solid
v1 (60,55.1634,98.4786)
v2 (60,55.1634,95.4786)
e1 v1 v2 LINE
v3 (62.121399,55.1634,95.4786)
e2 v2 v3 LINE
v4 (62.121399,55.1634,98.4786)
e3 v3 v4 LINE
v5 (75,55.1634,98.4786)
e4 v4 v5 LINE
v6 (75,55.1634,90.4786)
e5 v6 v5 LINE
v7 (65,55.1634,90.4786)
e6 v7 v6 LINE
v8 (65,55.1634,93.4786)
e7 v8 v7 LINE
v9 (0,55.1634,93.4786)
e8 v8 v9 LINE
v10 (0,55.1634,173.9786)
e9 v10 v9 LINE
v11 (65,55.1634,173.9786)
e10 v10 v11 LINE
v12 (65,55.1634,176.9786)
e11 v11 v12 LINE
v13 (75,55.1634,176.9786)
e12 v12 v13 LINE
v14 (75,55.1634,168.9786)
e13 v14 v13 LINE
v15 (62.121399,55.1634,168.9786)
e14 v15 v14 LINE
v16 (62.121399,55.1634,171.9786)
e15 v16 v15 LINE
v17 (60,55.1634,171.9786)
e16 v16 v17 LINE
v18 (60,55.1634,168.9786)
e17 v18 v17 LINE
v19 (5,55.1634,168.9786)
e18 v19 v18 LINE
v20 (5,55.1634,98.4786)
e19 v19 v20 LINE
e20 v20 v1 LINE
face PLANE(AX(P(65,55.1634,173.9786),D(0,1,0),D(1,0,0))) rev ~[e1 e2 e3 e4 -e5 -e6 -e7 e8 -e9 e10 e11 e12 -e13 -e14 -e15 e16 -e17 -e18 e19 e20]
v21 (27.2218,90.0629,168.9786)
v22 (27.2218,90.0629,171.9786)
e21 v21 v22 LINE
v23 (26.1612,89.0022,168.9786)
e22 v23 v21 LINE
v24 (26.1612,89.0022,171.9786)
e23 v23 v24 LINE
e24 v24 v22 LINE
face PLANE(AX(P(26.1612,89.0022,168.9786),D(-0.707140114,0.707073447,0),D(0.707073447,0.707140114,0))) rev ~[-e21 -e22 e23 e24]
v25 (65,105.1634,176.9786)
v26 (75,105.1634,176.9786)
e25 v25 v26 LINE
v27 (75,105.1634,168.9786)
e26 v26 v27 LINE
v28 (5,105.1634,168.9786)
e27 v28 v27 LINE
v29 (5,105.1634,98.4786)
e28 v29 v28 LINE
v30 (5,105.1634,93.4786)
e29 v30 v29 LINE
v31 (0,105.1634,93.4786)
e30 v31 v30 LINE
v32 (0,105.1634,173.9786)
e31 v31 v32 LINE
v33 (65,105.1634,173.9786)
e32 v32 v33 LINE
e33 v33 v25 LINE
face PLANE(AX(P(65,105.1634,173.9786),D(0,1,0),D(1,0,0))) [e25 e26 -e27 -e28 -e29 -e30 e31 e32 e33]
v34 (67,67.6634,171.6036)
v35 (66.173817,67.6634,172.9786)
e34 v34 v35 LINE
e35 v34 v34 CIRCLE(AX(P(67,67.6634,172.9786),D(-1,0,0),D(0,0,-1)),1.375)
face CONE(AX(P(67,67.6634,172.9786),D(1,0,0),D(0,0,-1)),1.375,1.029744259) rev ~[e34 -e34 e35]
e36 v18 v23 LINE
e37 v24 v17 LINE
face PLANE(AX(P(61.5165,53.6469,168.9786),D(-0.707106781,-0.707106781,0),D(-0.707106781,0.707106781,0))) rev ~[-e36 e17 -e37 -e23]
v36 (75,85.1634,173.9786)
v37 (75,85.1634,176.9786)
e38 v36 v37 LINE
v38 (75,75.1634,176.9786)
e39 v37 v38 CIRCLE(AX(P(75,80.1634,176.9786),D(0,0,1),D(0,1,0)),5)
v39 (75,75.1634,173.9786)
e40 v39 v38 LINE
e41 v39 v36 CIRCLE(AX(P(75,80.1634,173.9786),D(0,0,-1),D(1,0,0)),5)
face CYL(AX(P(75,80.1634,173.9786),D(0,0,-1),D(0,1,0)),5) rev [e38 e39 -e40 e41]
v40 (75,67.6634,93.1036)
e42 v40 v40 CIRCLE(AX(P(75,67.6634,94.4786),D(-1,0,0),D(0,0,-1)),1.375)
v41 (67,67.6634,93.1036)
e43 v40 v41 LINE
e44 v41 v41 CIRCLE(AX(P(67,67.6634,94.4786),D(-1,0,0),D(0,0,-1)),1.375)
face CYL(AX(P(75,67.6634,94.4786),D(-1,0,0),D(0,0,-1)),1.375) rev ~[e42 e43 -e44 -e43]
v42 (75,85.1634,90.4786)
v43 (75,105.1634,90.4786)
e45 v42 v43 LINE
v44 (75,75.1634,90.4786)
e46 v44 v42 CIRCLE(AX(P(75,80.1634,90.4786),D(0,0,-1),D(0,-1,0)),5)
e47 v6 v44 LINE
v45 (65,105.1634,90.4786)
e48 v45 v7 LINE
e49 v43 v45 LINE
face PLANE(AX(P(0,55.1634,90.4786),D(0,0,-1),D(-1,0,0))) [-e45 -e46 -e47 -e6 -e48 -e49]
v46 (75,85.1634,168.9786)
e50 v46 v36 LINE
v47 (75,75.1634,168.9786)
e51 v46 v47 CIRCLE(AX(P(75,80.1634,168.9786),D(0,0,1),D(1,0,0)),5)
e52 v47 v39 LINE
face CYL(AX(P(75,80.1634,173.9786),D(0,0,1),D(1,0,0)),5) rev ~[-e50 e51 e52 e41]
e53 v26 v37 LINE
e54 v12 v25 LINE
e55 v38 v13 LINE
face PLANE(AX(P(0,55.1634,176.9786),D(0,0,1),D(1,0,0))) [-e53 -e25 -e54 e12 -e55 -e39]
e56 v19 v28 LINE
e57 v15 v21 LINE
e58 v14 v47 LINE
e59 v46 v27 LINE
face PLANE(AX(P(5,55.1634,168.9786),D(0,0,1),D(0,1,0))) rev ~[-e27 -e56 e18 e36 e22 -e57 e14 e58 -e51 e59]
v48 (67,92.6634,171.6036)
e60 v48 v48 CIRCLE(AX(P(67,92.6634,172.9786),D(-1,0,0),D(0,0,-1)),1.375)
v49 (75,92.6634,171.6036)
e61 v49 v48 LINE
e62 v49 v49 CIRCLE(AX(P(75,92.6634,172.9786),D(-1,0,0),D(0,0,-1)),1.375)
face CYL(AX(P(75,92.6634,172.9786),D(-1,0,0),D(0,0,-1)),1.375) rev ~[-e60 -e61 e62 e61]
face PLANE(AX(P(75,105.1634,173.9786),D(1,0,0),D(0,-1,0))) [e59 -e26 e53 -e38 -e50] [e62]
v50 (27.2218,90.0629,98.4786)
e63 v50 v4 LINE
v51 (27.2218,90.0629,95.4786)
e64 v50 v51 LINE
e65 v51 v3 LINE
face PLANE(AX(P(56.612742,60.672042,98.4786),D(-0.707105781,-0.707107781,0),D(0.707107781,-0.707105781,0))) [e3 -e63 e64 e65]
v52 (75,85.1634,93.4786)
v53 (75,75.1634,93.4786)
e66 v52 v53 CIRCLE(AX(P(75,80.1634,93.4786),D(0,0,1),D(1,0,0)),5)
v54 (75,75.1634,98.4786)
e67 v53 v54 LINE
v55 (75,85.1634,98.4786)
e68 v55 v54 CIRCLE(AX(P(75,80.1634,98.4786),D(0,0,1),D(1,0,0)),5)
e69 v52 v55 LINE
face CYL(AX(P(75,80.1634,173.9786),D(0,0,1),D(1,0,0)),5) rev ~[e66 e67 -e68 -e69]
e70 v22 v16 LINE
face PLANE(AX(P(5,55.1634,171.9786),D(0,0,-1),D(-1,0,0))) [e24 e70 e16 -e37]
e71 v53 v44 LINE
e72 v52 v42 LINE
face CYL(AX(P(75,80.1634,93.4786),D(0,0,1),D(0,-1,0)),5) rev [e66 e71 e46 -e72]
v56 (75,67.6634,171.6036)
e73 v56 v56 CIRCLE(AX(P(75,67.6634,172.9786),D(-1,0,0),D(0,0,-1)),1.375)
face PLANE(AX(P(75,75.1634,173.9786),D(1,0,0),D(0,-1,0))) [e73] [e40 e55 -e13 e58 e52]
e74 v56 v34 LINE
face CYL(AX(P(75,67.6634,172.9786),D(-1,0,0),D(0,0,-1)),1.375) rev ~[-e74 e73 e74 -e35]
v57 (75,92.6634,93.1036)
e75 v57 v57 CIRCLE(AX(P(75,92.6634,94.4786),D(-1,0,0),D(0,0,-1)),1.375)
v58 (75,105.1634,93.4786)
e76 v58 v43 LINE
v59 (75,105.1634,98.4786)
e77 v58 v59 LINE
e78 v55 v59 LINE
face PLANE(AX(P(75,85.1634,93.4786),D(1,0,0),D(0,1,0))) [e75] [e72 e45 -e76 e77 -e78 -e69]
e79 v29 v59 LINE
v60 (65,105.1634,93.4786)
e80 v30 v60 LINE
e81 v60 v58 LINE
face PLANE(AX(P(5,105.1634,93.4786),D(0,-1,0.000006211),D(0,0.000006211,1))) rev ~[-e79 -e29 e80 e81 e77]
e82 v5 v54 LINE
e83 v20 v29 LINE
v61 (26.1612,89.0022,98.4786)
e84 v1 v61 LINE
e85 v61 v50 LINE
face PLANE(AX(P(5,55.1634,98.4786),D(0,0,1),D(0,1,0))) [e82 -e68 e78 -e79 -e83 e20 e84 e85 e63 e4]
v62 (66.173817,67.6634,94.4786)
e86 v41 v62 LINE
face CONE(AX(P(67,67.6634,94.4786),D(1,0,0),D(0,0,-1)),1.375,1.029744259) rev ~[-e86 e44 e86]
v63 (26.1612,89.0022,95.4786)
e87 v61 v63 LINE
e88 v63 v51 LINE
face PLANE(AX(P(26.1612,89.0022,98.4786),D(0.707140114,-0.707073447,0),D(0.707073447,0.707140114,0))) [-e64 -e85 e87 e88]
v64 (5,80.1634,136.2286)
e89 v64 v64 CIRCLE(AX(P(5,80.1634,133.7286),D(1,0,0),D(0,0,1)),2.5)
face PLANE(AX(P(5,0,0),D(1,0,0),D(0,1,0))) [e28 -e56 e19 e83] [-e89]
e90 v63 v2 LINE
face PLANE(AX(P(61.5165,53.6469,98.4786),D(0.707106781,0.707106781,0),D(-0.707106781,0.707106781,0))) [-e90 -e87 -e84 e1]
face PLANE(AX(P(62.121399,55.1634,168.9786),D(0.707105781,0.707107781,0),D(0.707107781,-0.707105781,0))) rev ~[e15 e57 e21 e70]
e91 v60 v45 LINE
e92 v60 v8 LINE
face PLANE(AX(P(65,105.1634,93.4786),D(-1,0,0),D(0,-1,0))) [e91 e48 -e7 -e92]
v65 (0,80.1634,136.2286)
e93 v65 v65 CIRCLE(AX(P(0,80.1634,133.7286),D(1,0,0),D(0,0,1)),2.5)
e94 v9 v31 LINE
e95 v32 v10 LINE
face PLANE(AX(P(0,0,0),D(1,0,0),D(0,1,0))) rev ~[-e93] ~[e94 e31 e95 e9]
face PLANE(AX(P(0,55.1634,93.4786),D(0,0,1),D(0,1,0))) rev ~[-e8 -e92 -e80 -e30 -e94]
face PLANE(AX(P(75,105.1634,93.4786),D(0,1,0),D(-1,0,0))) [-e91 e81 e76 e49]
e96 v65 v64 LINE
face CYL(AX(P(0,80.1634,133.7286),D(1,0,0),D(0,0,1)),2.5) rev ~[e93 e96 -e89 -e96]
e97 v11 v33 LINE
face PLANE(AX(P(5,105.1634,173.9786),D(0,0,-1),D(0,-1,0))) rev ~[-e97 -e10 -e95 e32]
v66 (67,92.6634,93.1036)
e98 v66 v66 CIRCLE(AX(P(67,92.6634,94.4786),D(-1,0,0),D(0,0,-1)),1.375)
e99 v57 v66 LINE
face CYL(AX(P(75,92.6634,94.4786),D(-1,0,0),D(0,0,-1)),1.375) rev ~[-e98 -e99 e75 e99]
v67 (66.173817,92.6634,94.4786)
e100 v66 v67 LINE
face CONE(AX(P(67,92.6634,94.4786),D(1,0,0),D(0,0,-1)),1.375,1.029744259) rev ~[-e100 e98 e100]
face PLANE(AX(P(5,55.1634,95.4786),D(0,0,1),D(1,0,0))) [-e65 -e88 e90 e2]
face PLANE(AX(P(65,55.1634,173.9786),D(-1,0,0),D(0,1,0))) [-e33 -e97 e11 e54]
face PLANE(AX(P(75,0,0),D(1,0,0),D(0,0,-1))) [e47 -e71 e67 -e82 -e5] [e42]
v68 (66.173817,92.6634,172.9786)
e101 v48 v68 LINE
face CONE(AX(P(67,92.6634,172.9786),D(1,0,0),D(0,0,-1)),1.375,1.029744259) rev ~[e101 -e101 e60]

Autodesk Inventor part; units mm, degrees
ref_plane "YZ Plane" through (0, 0, 0) normal (1, 0, 0) x (0, 1, 0)
ref_plane "XZ Plane" through (0, 0, 0) normal (0, 1, 0) x (-1, 0, 0)
ref_plane "XY Plane" through (0, 0, 0) normal (0, 0, 1) x (1, 0, 0)
sketch "Skizze1" plane through (0, 0, 0) normal (1, 0, 0) x (0, 1, 0)
  line L0 (105.1634, 173.9786) -> (55.1634, 173.9786)
  line L1 (55.1634, 173.9786) -> (55.1634, 93.4786)
  line L2 (55.1634, 93.4786) -> (105.1634, 93.4786)
  line L3 (105.1634, 93.4786) -> (105.1634, 173.9786)
  point P0 (0, 0)
  dimension "d0" = 80.5
  dimension "d1" = 50
extrude "Extrusion1" add sketch "Skizze1" along normal blind 5
sketch "Skizze2" plane through (5, 0, 0) normal (1, 0, 0) x (0, 0, -1)
  line L0 (-173.9786, 105.1639) -> (-168.9786, 105.1634)
  line L1 (-93.4786, 105.1634) -> (-173.9786, 105.1634) projected
  line L2 (-173.9786, 55.1634) -> (-93.4786, 55.1634) projected
  line L3 (-168.9786, 55.1634) -> (-173.9786, 55.1634)
  line L4 (-173.9786, 55.1634) -> (-173.9786, 105.1639)
  line L5 (-168.9786, 105.1634) -> (-168.9786, 55.1634)
  line L6 (-93.4786, 105.1634) -> (-98.4786, 105.1634)
  line L7 (-98.4786, 55.1634) -> (-93.4786, 55.1634)
  line L8 (-93.4786, 55.1634) -> (-93.4786, 105.1634) projected
  line L9 (-93.4786, 105.1634) -> (-98.4786, 105.1634)
  line L10 (-98.4786, 55.1634) -> (-98.4786, 105.1634)
  line L11 (-98.4786, 105.1634) -> (-93.4786, 105.1634)
  line L12 (-93.4786, 55.1634) -> (-98.4786, 55.1634)
  line L13 (-98.4786, 105.1634) -> (-93.4786, 105.1634)
  line L14 (-93.4786, 55.1634) -> (-98.4786, 55.1634)
  line L15 (-98.4786, 105.1634) -> (-93.4786, 105.1634)
  point P0 (0, 0)
  dimension "d4" = 5
  dimension "d5" = 5
extrude "Extrusion2" add sketch "Skizze2" along normal blind 70 contours L1 L8 L2 L10
sketch "Skizze3" plane through (5, 55.1634, 98.4786) normal (0, 0, 1) x (1, 0, 0)
  line L0 (22.2218, 34.8995) -> (57.5772, -0.4558)
  line L1 (57.5772, -0.4558) -> (56.5165, -1.5165)
  line L2 (56.5165, -1.5165) -> (21.1612, 33.8388)
  line L3 (21.1612, 33.8388) -> (22.2218, 34.8995)
  line L4 (-5, 50) -> (-5, 0) projected
  line L5 (21.1612, 33.8388) -> (38.8388, 16.1612)
  line L6 (0, 50) -> (70, 50) projected
  line L7 (57.5772, -0.4558) -> (56.5165, -1.5165)
  line L8 (56.5165, -1.5165) -> (57.5772, -0.4558)
  line L9 (51.6127, 5.5086) -> (50.5521, 4.4479)
  line L10 (50.5521, 4.4479) -> (56.5165, -1.5165)
  line L11 (57.5772, -0.4558) -> (51.6127, 5.5086)
  point P0 (-5, -55.1634)
  dimension "d8" = 1.5
  dimension "d9" = 50
  dimension "d10" = 45
  dimension "d35" = 16.1612
  dimension "d36" = 26.1612
sketch "Skizze4" plane through (0, 105.1634, 173.9786) normal (0, 1, 0) x (1, 0, 0)
  point P0 (0, 173.9786)
extrude "Extrusion3" cut sketch "Skizze3" against normal blind 3
sketch "Skizze5" plane through (5, 0, 0) normal (1, 0, 0) x (0, 0, -1)
  line L0 (-173.9786, 105.1634) -> (-173.9786, 55.1634) projected
  line L1 (-173.9786, 55.1634) -> (-168.9786, 55.1634)
  line L2 (-173.9786, 55.1634) -> (-98.4786, 55.1634) projected
  line L3 (-98.4786, 105.1634) -> (-173.9786, 105.1634) projected
  line L4 (-168.9786, 105.1634) -> (-173.9786, 105.1634)
  line L5 (-173.9786, 105.1634) -> (-173.9786, 55.1634)
  line L6 (-168.9786, 55.1634) -> (-168.9786, 105.1634)
  point P0 (0, 0)
  dimension "d15" = 5
extrude "Extrusion4" add sketch "Skizze5" along normal blind 70
sketch "Skizze6" plane through (5, 55.1634, 168.9786) normal (0, 0, -1) x (-1, 0, 0)
  line L0 (-57.5772, -0.4558) -> (-56.5165, -1.5165)
  line L1 (-56.5165, -1.5165) -> (-21.1612, 33.8388)
  line L2 (-21.1612, 33.8388) -> (-22.2218, 34.8995)
  line L3 (-22.2218, 34.8995) -> (-57.5772, -0.4558)
  line L4 (0, 50) -> (0, 0) projected
  line L5 (-21.1612, 33.8388) -> (-38.8388, 16.1612)
  line L6 (0, 0) -> (-70, 0) projected
  line L7 (-56.5165, -1.5165) -> (-57.5772, -0.4558)
  line L8 (-53.774, 3.3474) -> (-52.7133, 2.2867)
  line L9 (-52.7133, 2.2867) -> (-56.5165, -1.5165)
  line L10 (-57.5772, -0.4558) -> (-53.774, 3.3474)
  line L11 (0, 50) -> (-70, 50) projected
  point P0 (5, -55.1634)
  dimension "d18" = 1.5
  dimension "d19" = 50
  dimension "d20" = 45
  dimension "d22" = 1.5
  dimension "d37" = 21.1612
  dimension "d38" = 16.1612
extrude "Extrusion5" cut sketch "Skizze6" against normal blind 3
sketch "Skizze7" plane through (75, 0, 0) normal (1, 0, 0) x (0, 0, -1)
  point P0 (0, 0)
sketch "Skizze8" plane through (75, 0, 0) normal (1, 0, 0) x (0, 0, -1)
  point P0 (0, 0)
sketch "Skizze9" plane through (0, 0, 0) normal (-1, 0, 0) x (0, 0, 1)
  line L0 (93.4786, 55.1634) -> (93.4786, 105.1634) projected
  line L1 (93.4786, 105.1634) -> (173.9786, 105.1634) projected
  point P0 (0, 0)
  point P1 (133.7286, 80.1634)
  dimension "d26" = 40.25
  dimension "d27" = 25
hole "Bohrung1" at (0, 80.1634, 133.7286) direction (1, 0, 0) diameter 5 end through all
sketch "Skizze10" plane through (5, 55.1634, 98.4786) normal (0, 0, 1) x (1, 0, 0)
  point P0 (-5, -55.1634)
sketch "Skizze11" plane through (75, 0, 0) normal (1, 0, 0) x (0, 0, -1)
  point P0 (0, 0)
sketch "Skizze12" plane through (0, 55.1634, 173.9786) normal (0, 0, 1) x (1, 0, 0)
  line L0 (75, 50) -> (75, 0) projected
  circle A0 centre (75, 25) radius 5
  point P0 (0, -55.1634)
  dimension "d39" = 10
extrude "Extrusion6" cut sketch "Skizze12" against normal through all
sketch "Skizze13" plane through (0, 55.1634, 93.4786) normal (0, 0, -1) x (-1, 0, 0)
  line L0 (-75, 30) -> (-75, 50) projected
  line L1 (-62.1213, 0) -> (-75, 0) projected
  line L2 (-75, 50) -> (-65, 50)
  line L3 (-65, 50) -> (-65, 0)
  line L4 (-65, 0) -> (-75, 0)
  arc A0 (-75, 20) -> (-75, 30) centre (-75, 25) ccw
  line L5 (-75, 0) -> (-75, 20)
  line L6 (-75, 30) -> (-75, 50)
  point P0 (0, -55.1634)
  dimension "d42" = 10
extrude "Extrusion7" add sketch "Skizze13" along normal blind 3
sketch "Skizze14" plane through (0, 55.1634, 173.9786) normal (0, 0, 1) x (1, 0, 0)
  line L0 (62.1213, 0) -> (75, 0) projected
  line L1 (5, 50) -> (75, 50) projected
  line L2 (75, 0) -> (65, 0)
  line L3 (65, 0) -> (65, 50)
  line L4 (65, 50) -> (75, 50)
  arc A0 (75, 30) -> (75, 20) centre (75, 25) ccw projected
  arc A1 (75, 30) -> (75, 20) centre (75, 25) ccw
  line L5 (75, 50) -> (75, 30)
  line L6 (75, 20) -> (75, 0)
  point P0 (0, -55.1634)
  dimension "d45" = 10
extrude "Extrusion8" add sketch "Skizze14" along normal blind 3
sketch "Skizze15" plane through (75, 0, 0) normal (1, 0, 0) x (0, 0, -1)
  line L0 (-176.9786, 55.1634) -> (-176.9786, 75.1634) projected
  line L1 (-176.9786, 85.1634) -> (-176.9786, 105.1634) projected
  line L2 (-168.9786, 75.1634) -> (-176.9786, 75.1634) projected
  point P0 (0, 0)
  point P1 (-172.9786, 67.6634)
  point P2 (-172.9786, 92.6634)
  dimension "d48" = 4
  dimension "d49" = 4
  dimension "d50" = 25
  dimension "d51" = 7.5
sketch "Skizze16" plane through (75, 0, 0) normal (1, 0, 0) x (0, 0, -1)
  line L0 (-90.4786, 105.1634) -> (-90.4786, 85.1634) projected
  line L1 (-90.4786, 75.1634) -> (-90.4786, 55.1634) projected
  line L2 (-90.4786, 75.1634) -> (-98.4786, 75.1634) projected
  point P0 (0, 0)
  point P1 (-94.4786, 67.6634)
  point P2 (-94.4786, 92.6634)
  dimension "d52" = 25
  dimension "d53" = 4
  dimension "d54" = 4
  dimension "d55" = 7.5
sketch "Skizze17" plane through (75, 0, 0) normal (1, 0, 0) x (0, 0, -1)
  point P0 (0, 0)
hole "Bohrung2" at (75, 92.6634, 94.4786) at (75, 67.6634, 94.4786) direction (-1, 0, 0) diameter 2.75 depth 8 tip angle 118
hole "Bohrung3" at (75, 67.6634, 172.9786) at (75, 92.6634, 172.9786) direction (-1, 0, 0) diameter 2.75 depth 8 tip angle 118
properties part number "Spiegelhalter Objekthalter 1"
